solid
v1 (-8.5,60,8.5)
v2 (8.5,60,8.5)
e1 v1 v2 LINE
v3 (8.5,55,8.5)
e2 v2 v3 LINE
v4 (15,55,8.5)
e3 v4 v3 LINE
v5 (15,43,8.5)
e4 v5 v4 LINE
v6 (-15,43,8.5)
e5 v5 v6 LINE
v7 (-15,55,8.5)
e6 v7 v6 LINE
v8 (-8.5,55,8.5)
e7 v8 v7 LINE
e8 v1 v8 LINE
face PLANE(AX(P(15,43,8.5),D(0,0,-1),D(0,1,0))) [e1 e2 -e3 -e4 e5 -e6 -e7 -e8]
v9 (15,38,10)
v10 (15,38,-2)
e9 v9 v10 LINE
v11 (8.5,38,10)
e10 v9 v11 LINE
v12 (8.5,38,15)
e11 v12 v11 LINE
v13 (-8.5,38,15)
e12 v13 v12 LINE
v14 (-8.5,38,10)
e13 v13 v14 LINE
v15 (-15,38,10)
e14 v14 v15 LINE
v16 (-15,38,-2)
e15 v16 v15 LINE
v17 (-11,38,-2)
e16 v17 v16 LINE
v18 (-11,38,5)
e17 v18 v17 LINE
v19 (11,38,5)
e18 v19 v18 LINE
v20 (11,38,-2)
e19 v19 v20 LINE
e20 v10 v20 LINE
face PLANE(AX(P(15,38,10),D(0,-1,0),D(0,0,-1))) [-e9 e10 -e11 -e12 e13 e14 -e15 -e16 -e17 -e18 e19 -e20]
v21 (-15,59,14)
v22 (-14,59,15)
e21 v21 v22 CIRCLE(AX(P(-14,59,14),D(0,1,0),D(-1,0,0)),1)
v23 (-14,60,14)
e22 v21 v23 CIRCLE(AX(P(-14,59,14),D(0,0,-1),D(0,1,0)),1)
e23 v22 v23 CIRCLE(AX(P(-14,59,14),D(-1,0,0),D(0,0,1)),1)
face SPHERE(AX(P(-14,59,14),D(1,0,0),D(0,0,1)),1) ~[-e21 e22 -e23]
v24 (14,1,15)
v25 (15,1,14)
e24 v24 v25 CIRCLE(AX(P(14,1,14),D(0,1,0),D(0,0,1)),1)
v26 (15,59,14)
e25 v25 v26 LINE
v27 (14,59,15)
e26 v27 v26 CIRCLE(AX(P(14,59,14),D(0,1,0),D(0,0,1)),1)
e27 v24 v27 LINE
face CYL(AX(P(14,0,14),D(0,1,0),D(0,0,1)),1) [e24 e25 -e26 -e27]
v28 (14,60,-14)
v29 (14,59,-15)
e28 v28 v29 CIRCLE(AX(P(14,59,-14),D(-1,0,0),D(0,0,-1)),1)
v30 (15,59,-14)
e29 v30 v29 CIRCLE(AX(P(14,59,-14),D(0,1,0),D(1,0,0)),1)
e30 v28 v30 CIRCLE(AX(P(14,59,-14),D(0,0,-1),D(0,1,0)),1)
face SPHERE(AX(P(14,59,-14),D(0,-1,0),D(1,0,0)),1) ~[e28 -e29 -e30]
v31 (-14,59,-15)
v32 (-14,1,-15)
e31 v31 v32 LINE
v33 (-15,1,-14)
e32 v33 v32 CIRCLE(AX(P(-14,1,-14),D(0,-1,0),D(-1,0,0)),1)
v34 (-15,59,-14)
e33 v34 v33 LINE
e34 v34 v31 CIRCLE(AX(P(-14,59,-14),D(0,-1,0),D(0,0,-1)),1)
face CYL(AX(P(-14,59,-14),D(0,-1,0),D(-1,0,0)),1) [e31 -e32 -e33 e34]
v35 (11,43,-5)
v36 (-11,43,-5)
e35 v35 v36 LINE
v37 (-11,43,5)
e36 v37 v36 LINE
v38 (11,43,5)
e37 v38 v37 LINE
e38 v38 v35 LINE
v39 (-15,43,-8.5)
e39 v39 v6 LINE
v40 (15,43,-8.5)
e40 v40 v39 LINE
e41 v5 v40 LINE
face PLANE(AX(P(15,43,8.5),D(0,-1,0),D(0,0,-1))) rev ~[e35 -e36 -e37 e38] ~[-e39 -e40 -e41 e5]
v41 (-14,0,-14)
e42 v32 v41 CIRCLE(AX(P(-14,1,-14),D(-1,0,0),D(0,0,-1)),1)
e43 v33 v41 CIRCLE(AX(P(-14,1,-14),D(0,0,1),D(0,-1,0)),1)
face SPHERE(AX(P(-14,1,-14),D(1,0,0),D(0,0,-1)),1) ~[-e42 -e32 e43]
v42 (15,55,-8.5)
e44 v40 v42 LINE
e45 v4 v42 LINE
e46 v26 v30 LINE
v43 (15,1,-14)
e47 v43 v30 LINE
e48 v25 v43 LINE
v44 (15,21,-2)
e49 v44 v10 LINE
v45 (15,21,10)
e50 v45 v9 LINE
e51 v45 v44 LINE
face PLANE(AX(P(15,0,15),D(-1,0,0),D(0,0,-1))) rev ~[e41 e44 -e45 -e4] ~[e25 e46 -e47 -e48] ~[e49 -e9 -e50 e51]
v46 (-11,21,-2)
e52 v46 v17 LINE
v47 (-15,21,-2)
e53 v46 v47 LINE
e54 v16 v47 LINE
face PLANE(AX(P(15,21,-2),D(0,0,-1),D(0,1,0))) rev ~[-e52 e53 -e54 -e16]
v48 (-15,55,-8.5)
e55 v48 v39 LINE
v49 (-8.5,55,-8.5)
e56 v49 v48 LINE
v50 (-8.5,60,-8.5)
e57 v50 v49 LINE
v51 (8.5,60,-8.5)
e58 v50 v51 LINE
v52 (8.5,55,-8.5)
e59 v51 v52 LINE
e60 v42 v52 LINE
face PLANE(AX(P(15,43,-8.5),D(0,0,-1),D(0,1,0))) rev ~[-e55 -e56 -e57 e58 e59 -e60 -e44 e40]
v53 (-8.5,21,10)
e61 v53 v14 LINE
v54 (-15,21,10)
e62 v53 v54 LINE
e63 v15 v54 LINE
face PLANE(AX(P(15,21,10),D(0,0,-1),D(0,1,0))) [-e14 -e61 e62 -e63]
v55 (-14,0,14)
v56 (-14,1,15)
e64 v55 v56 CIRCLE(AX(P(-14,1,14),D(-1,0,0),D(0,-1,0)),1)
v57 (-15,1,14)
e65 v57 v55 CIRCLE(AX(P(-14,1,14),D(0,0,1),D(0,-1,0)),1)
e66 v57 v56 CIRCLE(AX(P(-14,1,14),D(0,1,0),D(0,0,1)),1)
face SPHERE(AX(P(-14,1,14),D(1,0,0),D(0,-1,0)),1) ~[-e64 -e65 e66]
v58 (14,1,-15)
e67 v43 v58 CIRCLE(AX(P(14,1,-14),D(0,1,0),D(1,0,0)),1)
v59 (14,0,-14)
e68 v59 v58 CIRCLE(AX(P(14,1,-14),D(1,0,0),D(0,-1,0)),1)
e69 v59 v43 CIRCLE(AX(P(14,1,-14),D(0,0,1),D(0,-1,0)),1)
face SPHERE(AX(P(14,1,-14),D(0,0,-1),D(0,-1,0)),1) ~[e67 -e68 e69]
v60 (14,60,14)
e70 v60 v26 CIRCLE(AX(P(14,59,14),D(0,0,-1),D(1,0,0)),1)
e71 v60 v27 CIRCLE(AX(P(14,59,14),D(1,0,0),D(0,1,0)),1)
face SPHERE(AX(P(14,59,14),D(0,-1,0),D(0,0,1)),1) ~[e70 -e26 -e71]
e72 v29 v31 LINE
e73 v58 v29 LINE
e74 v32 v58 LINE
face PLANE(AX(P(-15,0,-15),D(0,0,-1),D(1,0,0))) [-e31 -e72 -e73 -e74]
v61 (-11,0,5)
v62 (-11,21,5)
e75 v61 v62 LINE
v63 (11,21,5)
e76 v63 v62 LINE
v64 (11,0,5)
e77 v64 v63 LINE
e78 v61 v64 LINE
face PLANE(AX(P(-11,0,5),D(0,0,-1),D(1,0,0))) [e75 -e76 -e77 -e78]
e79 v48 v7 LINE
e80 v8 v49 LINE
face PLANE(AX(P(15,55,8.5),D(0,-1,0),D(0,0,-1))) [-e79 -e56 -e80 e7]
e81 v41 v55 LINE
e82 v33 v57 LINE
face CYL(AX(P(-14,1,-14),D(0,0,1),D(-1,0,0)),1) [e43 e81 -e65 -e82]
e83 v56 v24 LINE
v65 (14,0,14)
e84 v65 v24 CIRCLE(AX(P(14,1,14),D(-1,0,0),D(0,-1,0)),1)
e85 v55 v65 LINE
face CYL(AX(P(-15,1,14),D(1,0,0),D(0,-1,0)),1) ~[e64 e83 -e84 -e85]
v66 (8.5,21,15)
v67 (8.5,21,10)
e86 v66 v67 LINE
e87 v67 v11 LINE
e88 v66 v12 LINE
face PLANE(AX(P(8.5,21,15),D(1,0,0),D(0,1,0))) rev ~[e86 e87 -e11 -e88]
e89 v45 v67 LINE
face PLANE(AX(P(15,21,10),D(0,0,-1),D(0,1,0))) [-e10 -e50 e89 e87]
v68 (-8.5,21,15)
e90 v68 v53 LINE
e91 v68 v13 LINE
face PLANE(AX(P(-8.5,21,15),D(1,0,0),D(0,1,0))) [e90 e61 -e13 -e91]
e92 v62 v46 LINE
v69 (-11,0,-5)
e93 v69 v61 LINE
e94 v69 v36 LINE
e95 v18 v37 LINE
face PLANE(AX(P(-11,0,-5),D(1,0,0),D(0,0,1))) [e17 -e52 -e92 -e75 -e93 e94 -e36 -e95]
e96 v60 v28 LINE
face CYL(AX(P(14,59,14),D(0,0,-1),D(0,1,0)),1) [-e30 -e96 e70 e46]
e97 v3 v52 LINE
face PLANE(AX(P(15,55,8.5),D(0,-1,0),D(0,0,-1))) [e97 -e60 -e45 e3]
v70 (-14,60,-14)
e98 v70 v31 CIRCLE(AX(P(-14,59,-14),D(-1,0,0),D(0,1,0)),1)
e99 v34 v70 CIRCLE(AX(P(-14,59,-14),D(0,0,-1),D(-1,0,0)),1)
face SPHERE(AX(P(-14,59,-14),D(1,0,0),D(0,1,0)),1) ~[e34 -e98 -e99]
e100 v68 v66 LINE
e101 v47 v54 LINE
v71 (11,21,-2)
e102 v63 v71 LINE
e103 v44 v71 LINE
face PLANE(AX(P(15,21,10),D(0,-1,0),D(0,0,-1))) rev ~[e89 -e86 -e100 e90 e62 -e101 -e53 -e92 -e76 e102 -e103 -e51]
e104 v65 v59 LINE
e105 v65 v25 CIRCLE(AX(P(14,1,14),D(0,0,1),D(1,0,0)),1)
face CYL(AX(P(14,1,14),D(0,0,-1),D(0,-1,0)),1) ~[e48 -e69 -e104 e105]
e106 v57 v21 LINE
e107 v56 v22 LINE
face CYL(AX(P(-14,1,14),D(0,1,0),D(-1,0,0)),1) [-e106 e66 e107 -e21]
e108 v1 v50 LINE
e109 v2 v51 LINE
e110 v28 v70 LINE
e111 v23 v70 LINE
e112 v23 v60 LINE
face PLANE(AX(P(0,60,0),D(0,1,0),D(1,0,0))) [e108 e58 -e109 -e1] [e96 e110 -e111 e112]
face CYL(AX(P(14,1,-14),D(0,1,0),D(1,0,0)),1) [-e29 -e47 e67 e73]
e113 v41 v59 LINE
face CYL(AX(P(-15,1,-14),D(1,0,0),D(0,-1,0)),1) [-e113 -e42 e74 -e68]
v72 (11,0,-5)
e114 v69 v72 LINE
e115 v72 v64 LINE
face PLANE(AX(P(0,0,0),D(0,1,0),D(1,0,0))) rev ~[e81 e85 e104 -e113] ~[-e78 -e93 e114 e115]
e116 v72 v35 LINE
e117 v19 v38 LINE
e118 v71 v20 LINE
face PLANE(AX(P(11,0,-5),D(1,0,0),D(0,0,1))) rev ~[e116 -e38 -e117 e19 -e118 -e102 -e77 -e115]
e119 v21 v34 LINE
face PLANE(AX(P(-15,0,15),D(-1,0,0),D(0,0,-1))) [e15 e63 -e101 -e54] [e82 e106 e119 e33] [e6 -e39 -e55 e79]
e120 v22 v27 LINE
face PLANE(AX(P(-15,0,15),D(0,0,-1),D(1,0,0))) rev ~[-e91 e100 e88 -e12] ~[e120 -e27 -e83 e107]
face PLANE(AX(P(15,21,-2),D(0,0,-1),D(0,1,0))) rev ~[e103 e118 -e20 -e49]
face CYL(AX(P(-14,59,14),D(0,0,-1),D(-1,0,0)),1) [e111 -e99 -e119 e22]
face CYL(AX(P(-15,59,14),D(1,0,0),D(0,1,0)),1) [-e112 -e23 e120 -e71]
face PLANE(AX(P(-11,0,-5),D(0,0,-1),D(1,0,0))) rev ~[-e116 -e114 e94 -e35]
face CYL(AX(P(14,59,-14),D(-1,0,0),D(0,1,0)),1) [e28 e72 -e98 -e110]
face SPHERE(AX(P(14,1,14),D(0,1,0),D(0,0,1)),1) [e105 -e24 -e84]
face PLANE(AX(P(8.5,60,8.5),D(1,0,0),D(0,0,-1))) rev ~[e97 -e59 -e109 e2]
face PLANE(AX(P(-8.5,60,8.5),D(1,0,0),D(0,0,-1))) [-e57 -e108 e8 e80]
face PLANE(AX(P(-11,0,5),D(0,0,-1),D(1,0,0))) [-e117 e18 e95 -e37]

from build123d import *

# Parameters (mm, degrees)
SKETCH_1_W          = 30
SKETCH_1_H          = 30
EXTRUDE_2_DEPTH     = 60
SKETCH_2_W          = 22
SKETCH_2_H          = 10
CUT_EXTRUDE_1_DEPTH = 47
SKETCH_3_W          = 17
SKETCH_3_H          = 12
CUT_EXTRUDE_2_DEPTH = 31
SKETCH_5_W          = 17
SKETCH_5_H          = 17
CUT_EXTRUDE_3_DEPTH = 5
SKETCH_6_W          = 12
SKETCH_6_H          = 17
CUT_EXTRUDE_4_DEPTH = 31
SKETCH_7_W          = 17
SKETCH_7_H          = 17
CUT_EXTRUDE_5_DEPTH = 5
FILLET_1_R          = 1
FILLET_2_R          = 1
FILLET_3_R          = 1
FILLET_4_R          = 1
FILLET_5_R          = 1


with BuildPart() as part:
    # ｽｹｯﾁ1 → ﾎﾞｽ - 押し出し2 (new body)
    with BuildSketch(Plane(origin=(0, 0, 0), x_dir=(1, 0, 0), z_dir=(0, 1, 0))):
        Rectangle(SKETCH_1_W, SKETCH_1_H)
    extrude(amount=EXTRUDE_2_DEPTH)

    # ｽｹｯﾁ2 → ｶｯﾄ - 押し出し1 (cut)
    with BuildSketch(Plane.XZ):
        Rectangle(SKETCH_2_W, SKETCH_2_H)
    extrude(amount=-CUT_EXTRUDE_1_DEPTH, mode=Mode.SUBTRACT)

    # ｽｹｯﾁ3 → ｶｯﾄ - 押し出し2 (cut, through all)
    with BuildSketch(Plane(origin=(15, 0, 0), x_dir=(0, 0, -1), z_dir=(1, 0, 0))):
        with Locations((0, 49)):
            Rectangle(SKETCH_3_W, SKETCH_3_H)
    extrude(amount=-CUT_EXTRUDE_2_DEPTH, mode=Mode.SUBTRACT)

    # ｽｹｯﾁ5 → ｶｯﾄ - 押し出し3 (cut)
    with BuildSketch(Plane(origin=(0, 60, 0), x_dir=(1, 0, 0), z_dir=(0, 1, 0))):
        Rectangle(SKETCH_5_W, SKETCH_5_H)
    extrude(amount=-CUT_EXTRUDE_3_DEPTH, mode=Mode.SUBTRACT)

    # ｽｹｯﾁ6 → ｶｯﾄ - 押し出し4 (cut, through all)
    with BuildSketch(Plane(origin=(15, 0, 0), x_dir=(0, 0, -1), z_dir=(1, 0, 0))):
        with Locations((-4, 29.5)):
            Rectangle(SKETCH_6_W, SKETCH_6_H)
    extrude(amount=-CUT_EXTRUDE_4_DEPTH, mode=Mode.SUBTRACT)

    # ｽｹｯﾁ7 → ｶｯﾄ - 押し出し5 (cut)
    with BuildSketch(Plane.XY.offset(15)):
        with Locations((0, 29.5)):
            Rectangle(SKETCH_7_W, SKETCH_7_H)
    extrude(amount=-CUT_EXTRUDE_5_DEPTH, mode=Mode.SUBTRACT)

    # ﾌｨﾚｯﾄ1
    fillet_1_edges = [part.edges().sort_by_distance(p)[0] for p in [
        (15, 30, 15),
    ]]
    fillet(fillet_1_edges, radius=FILLET_1_R)

    # ﾌｨﾚｯﾄ2
    fillet_2_edges = [part.edges().sort_by_distance(p)[0] for p in [
        (15, 0, -0.5),
        (14.707106781, 0, 14.707106781),
        (-0.5, 0, 15),
    ]]
    fillet(fillet_2_edges, radius=FILLET_2_R)

    # ﾌｨﾚｯﾄ3
    fillet_3_edges = [part.edges().sort_by_distance(p)[0] for p in [
        (-0.5, 0, -15),
        (14.707106781, 0.292893219, -15),
        (15, 30.5, -15),
    ]]
    fillet(fillet_3_edges, radius=FILLET_3_R)

    # ﾌｨﾚｯﾄ4
    fillet_4_edges = [part.edges().sort_by_distance(p)[0] for p in [
        (15, 60, 0),
        (14.707106781, 60, 14.707106781),
        (-0.5, 60, -15),
        (14.707106781, 60, -14.707106781),
        (-0.5, 60, 15),
    ]]
    fillet(fillet_4_edges, radius=FILLET_4_R)

    # ﾌｨﾚｯﾄ5
    fillet_5_edges = [part.edges().sort_by_distance(p)[0] for p in [
        (-15, 0.292893219, 14.707106781),
        (-15, 0, 0),
        (-15, 0.292893219, -14.707106781),
        (-15, 60, 0),
        (-15, 30, 15),
        (-15, 30, -15),
        (-15, 59.707106781, -14.707106781),
        (-15, 59.707106781, 14.707106781),
    ]]
    fillet(fillet_5_edges, radius=FILLET_5_R)


solid = part.part
